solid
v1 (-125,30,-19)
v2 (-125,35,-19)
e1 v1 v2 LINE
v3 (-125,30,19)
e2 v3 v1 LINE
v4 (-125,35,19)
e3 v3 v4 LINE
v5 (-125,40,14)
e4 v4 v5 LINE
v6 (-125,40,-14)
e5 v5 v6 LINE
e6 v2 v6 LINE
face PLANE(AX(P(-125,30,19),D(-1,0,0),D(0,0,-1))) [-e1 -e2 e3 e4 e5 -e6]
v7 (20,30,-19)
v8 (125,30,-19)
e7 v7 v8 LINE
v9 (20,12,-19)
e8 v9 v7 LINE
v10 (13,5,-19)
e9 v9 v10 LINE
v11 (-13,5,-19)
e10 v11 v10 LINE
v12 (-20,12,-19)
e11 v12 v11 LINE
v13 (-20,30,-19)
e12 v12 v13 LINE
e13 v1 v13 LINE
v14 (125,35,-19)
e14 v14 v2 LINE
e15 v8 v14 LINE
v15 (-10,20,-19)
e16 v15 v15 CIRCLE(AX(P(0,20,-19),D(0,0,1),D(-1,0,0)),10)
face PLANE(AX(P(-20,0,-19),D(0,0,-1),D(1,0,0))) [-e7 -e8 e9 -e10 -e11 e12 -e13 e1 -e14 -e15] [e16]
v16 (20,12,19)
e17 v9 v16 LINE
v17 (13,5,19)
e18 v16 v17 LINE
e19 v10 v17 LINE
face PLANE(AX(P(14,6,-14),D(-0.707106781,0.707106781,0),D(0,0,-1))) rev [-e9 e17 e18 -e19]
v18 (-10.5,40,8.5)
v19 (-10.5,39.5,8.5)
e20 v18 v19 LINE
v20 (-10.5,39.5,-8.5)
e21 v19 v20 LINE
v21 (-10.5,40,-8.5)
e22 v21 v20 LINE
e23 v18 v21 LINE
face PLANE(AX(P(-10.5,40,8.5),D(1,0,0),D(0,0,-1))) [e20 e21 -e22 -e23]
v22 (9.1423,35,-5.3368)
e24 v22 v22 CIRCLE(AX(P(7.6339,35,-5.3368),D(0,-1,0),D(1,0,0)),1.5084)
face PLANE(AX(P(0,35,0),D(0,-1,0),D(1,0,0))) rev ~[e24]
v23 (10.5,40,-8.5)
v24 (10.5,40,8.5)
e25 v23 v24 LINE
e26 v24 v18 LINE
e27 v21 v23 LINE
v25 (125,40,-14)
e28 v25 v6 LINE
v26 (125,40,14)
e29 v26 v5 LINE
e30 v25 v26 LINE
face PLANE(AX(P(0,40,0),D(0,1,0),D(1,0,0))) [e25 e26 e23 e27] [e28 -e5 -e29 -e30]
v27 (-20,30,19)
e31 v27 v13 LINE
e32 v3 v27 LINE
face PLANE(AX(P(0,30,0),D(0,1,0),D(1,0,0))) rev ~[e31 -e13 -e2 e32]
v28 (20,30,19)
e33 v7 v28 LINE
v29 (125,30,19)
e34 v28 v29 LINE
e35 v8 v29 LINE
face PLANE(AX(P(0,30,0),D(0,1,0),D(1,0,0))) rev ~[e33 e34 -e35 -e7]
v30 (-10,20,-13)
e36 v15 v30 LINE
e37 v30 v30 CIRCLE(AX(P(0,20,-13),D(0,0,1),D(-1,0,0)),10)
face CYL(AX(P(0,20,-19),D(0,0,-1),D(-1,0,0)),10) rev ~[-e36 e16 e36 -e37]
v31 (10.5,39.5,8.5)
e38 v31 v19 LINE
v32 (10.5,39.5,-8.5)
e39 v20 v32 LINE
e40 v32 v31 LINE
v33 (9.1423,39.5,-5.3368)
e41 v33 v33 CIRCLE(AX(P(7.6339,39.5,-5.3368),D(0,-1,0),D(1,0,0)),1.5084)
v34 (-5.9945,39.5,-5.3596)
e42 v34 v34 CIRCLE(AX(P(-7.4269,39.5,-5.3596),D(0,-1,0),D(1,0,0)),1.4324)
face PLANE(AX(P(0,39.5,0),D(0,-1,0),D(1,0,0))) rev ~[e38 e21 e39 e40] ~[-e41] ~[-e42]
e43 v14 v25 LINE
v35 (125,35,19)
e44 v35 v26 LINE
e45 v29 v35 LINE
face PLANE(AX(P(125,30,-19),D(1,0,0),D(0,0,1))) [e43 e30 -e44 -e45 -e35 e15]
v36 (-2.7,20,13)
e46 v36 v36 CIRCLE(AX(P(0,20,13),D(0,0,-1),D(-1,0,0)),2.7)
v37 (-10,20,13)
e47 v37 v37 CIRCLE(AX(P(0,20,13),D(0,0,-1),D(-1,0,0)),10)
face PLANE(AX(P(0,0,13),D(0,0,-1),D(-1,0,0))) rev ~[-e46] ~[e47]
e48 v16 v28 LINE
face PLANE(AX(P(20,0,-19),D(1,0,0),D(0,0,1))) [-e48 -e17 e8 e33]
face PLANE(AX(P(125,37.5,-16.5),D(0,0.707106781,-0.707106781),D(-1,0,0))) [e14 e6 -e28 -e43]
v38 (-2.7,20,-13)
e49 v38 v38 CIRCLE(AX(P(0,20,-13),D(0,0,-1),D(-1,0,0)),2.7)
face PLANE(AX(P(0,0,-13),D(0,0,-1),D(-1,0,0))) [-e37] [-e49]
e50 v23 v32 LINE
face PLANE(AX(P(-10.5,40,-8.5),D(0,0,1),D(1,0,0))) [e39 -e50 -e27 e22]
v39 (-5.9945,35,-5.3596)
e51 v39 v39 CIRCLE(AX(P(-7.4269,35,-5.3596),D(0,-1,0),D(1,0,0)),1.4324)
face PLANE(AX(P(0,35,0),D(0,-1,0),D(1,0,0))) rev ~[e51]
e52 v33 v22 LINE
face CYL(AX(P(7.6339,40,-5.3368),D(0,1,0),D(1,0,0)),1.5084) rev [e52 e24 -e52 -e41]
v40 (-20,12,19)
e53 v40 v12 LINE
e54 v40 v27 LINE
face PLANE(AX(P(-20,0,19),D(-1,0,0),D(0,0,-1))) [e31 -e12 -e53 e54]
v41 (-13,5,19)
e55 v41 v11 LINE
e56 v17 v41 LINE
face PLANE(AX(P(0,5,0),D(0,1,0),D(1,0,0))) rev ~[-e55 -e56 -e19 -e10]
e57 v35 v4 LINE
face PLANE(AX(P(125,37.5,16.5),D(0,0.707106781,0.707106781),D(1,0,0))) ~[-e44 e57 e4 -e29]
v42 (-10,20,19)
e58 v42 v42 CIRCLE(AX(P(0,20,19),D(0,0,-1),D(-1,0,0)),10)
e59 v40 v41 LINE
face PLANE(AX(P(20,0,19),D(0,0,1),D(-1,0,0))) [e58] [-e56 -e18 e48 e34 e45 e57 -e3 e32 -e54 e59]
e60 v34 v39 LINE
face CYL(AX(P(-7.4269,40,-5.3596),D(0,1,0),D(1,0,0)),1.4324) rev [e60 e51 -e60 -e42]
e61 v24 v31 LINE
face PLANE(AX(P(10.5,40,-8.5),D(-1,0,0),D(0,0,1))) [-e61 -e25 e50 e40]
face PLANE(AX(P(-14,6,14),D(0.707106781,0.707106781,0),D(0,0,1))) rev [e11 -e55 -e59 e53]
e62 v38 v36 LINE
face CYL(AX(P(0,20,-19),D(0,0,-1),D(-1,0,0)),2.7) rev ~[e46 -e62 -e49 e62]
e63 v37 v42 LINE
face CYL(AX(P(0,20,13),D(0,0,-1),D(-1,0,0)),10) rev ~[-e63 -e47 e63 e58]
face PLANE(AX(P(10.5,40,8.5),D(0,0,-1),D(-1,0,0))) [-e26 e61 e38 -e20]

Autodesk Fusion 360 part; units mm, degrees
sketch "Sketch1" plane through (0, 0, 0) normal (0, 1, 0) x (1, 0, 0)
  line L0 (20, -19) -> (-20, -19)
  line L1 (-20, -19) -> (-20, 19)
  line L2 (-20, 19) -> (20, 19)
  line L3 (20, 19) -> (20, -19)
  line L4 (20, -19) -> (-20, 19) construction
  line L5 (-20, -19) -> (20, 19) construction
  line L6 (125, -19) -> (-125, -19)
  line L7 (-125, -19) -> (-125, 19)
  line L8 (-125, 19) -> (125, 19)
  line L9 (125, 19) -> (125, -19)
  line L10 (125, -19) -> (-125, 19) construction
  line L11 (-125, -19) -> (125, 19) construction
  dimension "d1" = 40
  dimension "d2" = 38
  dimension "d25" = 250
  dimension "d26" = 38
extrude "Extrude1" add sketch "Sketch1" along normal blind 30 contours L0 L1 L2 L3 L6 L8
sketch "Sketch3" plane through (0, 0, -19) normal (0, 0, -1) x (-1, 0, 0)
  line L0 (-20, 0) -> (20, 0)
  line L1 (20, 0) -> (20, 30)
  line L2 (-20, 30) -> (-20, 0)
  circle A0 centre (0, 20) radius 10
  circle A1 centre (0, 20) radius 2.7
  line L3 (20, 30) -> (-20, 30)
  dimension "d13" = 5.4
extrude "Extrude3" cut sketch "Sketch3" against normal blind 60 contours A1
extrude "Extrude4" cut sketch "Sketch3" against normal blind 6 contours A0
extrude "Extrude5" cut sketch "Sketch3" against normal blind 6 from surface at -32 contours A0
extrude "Extrude6" add sketch "Sketch1" along normal blind 10 from surface at 30
chamfer "Chamfer2" distance 5 angle 45 4 edges at (0, 40, 19) (0, 40, -19) (0, 0, 19) (0, 0, -19)
chamfer "Chamfer3" distance 12 angle 45 2 edges at (20, 0, 0) (-20, 0, 0)
extrude "Extrude7" cut sketch "Sketch1" along normal blind 5 contours L0 L1 L2 L3 L6 L8
sketch "Sketch5" plane through (0, 40, 0) normal (0, -1, 0) x (1, 0, 0)
  line L0 (-9.9736, 7.5643) -> (-9.9736, -7.9957)
  line L1 (-9.9736, -7.9957) -> (10.2882, -7.9957)
  line L2 (10.2882, -7.9957) -> (10.2882, 7.5643)
  line L3 (10.2882, 7.5643) -> (-9.9736, 7.5643)
  circle A0 centre (-8.5238, 6.1446) radius 0.9796
  circle A1 centre (1.4942, 6.1953) radius 0.9537
  circle A2 centre (8.9673, 6.2107) radius 1.0098
  circle A3 centre (-1.0564, 6.2266) radius 0.9892
  circle A4 centre (7.6339, -5.3368) radius 1.5084
  circle A5 centre (-6.0639, 6.1567) radius 0.9903
  circle A6 centre (3.9566, 6.1712) radius 0.9784
  circle A7 centre (6.4638, 6.2006) radius 0.9737
  circle A8 centre (-3.4927, 6.169) radius 0.9564
  circle A9 centre (-7.4269, -5.3596) radius 1.4324
  line L4 (10.5, 8.5) -> (-10.5, 8.5)
  line L5 (-10.5, 8.5) -> (-10.5, -8.5)
  line L6 (-10.5, -8.5) -> (10.5, -8.5)
  line L7 (10.5, -8.5) -> (10.5, 8.5)
  line L8 (10.5, 8.5) -> (-10.5, -8.5) construction
  line L9 (-10.5, 8.5) -> (10.5, -8.5) construction
  line L10 (125, -14) -> (-125, -14)
  line L11 (-125, -14) -> (-125, 14)
  line L12 (-125, 14) -> (125, 14)
  line L13 (125, 14) -> (125, -14)
  dimension "d33" = 21
  dimension "d34" = 17
extrude "Extrude8" cut sketch "Sketch5" along normal blind 5 contours A4 | A9
extrude "Extrude9" cut sketch "Sketch5" along normal blind 0.5 contours L0 L1 L2 L3 | A0 | A1 | A2 | A3 | A5 | A6 | A7 | A8 | L4 L5 L6 L7
